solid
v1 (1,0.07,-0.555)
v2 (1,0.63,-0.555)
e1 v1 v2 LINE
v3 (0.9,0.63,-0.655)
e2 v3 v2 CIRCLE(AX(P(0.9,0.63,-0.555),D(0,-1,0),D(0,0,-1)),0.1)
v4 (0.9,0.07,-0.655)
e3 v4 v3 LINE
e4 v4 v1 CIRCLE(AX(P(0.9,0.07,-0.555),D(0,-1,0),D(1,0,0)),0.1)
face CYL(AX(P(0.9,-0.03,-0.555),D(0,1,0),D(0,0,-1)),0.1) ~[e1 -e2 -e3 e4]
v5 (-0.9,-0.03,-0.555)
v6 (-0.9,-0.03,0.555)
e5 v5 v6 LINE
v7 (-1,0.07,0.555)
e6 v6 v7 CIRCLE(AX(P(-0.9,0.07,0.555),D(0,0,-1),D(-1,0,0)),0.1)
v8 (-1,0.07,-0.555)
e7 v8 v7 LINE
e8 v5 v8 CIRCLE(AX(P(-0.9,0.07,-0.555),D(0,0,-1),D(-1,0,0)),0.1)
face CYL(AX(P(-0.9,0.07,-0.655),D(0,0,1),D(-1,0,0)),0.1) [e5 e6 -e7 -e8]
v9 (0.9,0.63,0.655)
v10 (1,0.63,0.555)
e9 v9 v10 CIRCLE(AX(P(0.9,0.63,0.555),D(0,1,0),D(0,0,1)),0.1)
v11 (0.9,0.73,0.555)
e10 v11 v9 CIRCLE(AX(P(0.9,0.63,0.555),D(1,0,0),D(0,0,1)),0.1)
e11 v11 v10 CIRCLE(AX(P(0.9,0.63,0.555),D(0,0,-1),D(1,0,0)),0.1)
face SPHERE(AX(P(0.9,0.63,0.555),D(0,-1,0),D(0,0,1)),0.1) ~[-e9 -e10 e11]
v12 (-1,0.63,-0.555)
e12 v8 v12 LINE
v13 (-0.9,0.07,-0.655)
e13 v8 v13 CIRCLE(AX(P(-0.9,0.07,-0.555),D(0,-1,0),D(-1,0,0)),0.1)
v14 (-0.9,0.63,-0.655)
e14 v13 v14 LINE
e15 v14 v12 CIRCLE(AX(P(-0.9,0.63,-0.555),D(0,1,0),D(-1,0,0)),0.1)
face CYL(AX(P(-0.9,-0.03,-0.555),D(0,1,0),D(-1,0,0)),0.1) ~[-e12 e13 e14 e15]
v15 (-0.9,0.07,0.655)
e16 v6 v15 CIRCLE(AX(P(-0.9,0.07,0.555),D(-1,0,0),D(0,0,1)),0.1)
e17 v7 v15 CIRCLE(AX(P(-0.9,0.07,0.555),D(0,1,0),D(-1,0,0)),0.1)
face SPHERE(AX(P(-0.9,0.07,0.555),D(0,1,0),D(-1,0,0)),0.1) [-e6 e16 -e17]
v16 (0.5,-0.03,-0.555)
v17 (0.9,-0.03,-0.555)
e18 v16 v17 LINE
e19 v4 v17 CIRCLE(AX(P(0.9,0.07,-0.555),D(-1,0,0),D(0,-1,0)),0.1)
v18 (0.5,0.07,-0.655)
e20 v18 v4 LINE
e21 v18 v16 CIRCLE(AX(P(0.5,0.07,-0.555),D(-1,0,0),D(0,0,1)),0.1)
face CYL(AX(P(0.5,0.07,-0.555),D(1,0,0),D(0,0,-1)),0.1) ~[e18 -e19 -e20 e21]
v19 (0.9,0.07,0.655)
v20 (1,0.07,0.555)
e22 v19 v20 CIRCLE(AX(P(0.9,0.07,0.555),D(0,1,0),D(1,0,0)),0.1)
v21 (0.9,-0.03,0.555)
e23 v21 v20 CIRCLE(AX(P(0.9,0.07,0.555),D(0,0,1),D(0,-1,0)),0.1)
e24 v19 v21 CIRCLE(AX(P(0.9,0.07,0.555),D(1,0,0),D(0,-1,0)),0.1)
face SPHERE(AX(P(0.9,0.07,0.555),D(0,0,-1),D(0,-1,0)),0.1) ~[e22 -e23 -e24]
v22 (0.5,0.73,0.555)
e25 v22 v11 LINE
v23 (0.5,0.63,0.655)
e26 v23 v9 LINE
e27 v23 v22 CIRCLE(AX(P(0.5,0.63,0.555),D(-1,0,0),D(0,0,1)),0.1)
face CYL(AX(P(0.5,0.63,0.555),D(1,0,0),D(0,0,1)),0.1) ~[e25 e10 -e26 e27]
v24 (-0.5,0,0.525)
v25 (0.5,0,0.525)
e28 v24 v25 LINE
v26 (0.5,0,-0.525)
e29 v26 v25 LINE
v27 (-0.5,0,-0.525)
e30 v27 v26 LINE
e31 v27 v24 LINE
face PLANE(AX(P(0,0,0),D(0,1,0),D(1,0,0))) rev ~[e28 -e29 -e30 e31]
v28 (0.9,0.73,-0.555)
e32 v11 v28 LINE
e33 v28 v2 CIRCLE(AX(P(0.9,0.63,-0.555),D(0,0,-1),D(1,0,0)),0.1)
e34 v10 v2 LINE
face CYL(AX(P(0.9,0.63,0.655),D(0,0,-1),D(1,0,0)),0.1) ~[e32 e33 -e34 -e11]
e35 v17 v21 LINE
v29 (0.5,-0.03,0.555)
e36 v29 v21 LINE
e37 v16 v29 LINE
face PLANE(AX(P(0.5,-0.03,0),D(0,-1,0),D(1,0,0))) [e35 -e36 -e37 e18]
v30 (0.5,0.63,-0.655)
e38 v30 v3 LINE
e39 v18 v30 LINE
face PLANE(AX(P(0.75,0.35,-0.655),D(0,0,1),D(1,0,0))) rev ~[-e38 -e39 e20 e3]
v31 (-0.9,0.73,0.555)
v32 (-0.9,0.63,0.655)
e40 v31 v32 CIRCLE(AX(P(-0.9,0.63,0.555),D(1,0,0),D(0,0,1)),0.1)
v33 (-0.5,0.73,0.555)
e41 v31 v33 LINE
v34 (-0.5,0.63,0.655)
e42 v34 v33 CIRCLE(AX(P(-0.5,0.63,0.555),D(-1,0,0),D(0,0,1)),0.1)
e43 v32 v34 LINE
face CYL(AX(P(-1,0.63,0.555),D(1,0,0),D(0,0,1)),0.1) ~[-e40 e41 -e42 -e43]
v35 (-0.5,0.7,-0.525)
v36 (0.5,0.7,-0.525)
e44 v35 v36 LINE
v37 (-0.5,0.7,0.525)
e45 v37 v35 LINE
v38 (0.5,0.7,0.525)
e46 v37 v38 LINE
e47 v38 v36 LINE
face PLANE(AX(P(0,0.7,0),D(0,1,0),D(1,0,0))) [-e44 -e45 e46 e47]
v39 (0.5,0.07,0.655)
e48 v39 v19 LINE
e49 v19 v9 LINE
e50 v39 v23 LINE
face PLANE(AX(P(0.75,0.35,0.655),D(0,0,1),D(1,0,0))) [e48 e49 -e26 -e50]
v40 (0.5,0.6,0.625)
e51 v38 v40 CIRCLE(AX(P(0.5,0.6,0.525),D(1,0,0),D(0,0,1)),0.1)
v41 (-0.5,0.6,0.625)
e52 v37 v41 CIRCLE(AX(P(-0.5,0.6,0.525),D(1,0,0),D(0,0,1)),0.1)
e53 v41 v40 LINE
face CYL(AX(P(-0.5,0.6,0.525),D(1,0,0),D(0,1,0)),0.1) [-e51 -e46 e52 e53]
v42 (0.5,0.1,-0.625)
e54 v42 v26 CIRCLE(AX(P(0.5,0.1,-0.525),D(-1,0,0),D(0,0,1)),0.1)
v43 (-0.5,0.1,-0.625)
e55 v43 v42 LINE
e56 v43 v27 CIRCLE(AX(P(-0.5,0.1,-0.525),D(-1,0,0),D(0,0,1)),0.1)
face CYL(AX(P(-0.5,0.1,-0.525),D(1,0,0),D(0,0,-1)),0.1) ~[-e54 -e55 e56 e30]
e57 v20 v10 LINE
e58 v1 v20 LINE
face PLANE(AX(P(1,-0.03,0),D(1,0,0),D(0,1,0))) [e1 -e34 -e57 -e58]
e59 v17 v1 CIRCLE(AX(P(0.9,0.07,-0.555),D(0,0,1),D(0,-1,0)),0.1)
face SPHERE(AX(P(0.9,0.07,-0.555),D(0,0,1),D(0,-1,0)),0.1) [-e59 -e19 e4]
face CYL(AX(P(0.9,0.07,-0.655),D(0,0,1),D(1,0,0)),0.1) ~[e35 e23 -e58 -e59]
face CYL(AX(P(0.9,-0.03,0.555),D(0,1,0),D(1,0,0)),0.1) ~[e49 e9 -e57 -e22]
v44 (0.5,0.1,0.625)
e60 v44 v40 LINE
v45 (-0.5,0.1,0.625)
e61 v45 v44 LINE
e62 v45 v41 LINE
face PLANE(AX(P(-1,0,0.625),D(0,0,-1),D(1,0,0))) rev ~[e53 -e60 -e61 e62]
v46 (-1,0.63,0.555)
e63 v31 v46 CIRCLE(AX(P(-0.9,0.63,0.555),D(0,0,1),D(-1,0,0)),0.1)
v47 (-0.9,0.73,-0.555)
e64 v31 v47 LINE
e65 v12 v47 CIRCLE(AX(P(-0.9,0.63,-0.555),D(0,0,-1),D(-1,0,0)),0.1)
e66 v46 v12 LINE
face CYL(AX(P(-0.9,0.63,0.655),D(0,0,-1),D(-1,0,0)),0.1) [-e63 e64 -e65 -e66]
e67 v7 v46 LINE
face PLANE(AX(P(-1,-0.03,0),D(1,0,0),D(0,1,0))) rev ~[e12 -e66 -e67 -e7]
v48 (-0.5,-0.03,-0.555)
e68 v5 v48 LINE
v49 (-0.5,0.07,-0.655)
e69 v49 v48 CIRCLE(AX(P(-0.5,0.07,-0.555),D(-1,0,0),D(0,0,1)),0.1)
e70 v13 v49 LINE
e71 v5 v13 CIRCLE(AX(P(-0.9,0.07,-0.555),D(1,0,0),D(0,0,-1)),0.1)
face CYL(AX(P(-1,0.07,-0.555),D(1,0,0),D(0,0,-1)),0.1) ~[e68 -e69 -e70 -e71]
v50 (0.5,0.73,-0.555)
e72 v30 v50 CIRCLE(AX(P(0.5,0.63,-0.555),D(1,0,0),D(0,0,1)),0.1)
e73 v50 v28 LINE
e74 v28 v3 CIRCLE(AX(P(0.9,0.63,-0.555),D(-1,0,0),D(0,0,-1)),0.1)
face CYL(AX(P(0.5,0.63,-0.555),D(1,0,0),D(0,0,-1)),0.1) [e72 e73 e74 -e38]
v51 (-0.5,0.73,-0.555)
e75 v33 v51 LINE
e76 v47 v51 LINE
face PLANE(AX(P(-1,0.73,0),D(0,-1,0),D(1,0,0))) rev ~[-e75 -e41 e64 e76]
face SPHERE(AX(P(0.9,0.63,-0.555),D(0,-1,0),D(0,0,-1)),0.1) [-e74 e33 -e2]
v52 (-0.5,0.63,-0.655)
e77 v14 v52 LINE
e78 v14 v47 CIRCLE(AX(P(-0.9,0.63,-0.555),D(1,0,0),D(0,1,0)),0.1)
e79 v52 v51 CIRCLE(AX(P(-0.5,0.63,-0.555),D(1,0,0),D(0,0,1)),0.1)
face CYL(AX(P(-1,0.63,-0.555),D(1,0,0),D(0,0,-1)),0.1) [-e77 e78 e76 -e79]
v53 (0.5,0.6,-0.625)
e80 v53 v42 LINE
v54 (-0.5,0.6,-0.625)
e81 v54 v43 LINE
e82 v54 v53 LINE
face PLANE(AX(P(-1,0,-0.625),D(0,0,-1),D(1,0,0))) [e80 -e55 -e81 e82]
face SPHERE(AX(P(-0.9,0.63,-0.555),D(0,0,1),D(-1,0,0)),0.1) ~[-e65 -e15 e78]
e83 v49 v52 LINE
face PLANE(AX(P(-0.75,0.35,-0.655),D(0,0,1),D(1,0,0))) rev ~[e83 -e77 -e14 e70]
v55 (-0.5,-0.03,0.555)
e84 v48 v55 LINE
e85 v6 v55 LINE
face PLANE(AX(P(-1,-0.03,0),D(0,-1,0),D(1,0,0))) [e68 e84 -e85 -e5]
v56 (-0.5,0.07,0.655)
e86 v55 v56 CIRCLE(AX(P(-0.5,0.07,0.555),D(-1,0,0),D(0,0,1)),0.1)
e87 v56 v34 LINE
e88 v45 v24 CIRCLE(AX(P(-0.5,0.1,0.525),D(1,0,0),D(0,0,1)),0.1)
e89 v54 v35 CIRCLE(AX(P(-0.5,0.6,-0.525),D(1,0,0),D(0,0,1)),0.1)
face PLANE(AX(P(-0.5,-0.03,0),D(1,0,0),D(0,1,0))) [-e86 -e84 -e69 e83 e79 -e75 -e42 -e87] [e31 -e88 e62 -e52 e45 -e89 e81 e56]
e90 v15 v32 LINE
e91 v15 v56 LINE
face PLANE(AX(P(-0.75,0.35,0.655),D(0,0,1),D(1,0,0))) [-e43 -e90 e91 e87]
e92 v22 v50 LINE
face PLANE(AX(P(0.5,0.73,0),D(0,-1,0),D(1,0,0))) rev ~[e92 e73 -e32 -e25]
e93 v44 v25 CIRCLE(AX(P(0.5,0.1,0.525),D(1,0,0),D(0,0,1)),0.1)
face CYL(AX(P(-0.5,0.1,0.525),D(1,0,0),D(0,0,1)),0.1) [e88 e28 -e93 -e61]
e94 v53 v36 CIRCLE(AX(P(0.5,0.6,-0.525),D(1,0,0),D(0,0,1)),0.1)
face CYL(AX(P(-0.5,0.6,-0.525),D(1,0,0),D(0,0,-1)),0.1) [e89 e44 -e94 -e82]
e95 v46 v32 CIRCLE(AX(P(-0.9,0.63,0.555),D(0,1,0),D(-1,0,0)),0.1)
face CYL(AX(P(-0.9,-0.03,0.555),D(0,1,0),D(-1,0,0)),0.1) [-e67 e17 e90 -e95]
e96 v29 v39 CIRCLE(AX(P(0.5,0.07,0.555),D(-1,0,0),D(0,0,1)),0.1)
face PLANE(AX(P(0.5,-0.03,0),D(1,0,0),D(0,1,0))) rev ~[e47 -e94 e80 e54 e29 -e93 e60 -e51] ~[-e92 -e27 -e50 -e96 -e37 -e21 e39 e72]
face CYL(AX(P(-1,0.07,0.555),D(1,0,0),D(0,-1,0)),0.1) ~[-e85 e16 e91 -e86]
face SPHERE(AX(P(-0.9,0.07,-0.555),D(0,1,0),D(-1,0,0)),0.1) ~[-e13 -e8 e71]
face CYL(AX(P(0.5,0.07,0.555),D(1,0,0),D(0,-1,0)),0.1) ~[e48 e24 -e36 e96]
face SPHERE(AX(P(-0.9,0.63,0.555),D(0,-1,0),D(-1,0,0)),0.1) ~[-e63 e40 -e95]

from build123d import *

# Parameters (mm, degrees)
SKETCH1_W           = 2
SKETCH1_H           = 1.25
EXTRUDE1_DEPTH      = 0.7
SKETCH2_W           = 0.5
SKETCH2_H           = 0.76
EXTRUDE2_DEPTH      = 0.655
EXTRUDE2_DEPTH_BACK = 0.655
FILLET1_R           = 0.1


with BuildPart() as part:
    # Sketch1 → Extrude1 (new body)
    with BuildSketch(Plane(origin=(0, 0, 0), x_dir=(1, 0, 0), z_dir=(0, 1, 0))):
        Rectangle(SKETCH1_W, SKETCH1_H)
    extrude(amount=EXTRUDE1_DEPTH)

    # Sketch2 → Extrude2 (add, two sides)
    with BuildSketch(Plane.XY) as extrude2_sk:
        with Locations((-0.75, 0.35)):
            Rectangle(SKETCH2_W, SKETCH2_H)
        with Locations((0.75, 0.35)):
            Rectangle(SKETCH2_W, SKETCH2_H)
    extrude(amount=EXTRUDE2_DEPTH)
    extrude(extrude2_sk.sketch, amount=-EXTRUDE2_DEPTH_BACK)

    # Fillet1
    fillet1_edges = [part.edges().sort_by_distance(p)[0] for p in [
        (-1, 0.35, 0.655),
        (-1, 0.73, 0),
        (-1, 0.35, -0.655),
        (-1, -0.03, 0),
        (-0.75, 0.73, 0.655),
        (-0.75, -0.03, 0.655),
        (-0.75, 0.73, -0.655),
        (-0.75, -0.03, -0.655),
        (0, 0, 0.625),
        (0, 0, -0.625),
        (0, 0.7, 0.625),
        (0, 0.7, -0.625),
        (1, -0.03, 0),
        (0.75, -0.03, 0.655),
        (0.75, -0.03, -0.655),
        (1, 0.35, 0.655),
        (0.75, 0.73, 0.655),
        (1, 0.35, -0.655),
        (0.75, 0.73, -0.655),
        (1, 0.73, 0),
    ]]
    fillet(fillet1_edges, radius=FILLET1_R)


solid = part.part
